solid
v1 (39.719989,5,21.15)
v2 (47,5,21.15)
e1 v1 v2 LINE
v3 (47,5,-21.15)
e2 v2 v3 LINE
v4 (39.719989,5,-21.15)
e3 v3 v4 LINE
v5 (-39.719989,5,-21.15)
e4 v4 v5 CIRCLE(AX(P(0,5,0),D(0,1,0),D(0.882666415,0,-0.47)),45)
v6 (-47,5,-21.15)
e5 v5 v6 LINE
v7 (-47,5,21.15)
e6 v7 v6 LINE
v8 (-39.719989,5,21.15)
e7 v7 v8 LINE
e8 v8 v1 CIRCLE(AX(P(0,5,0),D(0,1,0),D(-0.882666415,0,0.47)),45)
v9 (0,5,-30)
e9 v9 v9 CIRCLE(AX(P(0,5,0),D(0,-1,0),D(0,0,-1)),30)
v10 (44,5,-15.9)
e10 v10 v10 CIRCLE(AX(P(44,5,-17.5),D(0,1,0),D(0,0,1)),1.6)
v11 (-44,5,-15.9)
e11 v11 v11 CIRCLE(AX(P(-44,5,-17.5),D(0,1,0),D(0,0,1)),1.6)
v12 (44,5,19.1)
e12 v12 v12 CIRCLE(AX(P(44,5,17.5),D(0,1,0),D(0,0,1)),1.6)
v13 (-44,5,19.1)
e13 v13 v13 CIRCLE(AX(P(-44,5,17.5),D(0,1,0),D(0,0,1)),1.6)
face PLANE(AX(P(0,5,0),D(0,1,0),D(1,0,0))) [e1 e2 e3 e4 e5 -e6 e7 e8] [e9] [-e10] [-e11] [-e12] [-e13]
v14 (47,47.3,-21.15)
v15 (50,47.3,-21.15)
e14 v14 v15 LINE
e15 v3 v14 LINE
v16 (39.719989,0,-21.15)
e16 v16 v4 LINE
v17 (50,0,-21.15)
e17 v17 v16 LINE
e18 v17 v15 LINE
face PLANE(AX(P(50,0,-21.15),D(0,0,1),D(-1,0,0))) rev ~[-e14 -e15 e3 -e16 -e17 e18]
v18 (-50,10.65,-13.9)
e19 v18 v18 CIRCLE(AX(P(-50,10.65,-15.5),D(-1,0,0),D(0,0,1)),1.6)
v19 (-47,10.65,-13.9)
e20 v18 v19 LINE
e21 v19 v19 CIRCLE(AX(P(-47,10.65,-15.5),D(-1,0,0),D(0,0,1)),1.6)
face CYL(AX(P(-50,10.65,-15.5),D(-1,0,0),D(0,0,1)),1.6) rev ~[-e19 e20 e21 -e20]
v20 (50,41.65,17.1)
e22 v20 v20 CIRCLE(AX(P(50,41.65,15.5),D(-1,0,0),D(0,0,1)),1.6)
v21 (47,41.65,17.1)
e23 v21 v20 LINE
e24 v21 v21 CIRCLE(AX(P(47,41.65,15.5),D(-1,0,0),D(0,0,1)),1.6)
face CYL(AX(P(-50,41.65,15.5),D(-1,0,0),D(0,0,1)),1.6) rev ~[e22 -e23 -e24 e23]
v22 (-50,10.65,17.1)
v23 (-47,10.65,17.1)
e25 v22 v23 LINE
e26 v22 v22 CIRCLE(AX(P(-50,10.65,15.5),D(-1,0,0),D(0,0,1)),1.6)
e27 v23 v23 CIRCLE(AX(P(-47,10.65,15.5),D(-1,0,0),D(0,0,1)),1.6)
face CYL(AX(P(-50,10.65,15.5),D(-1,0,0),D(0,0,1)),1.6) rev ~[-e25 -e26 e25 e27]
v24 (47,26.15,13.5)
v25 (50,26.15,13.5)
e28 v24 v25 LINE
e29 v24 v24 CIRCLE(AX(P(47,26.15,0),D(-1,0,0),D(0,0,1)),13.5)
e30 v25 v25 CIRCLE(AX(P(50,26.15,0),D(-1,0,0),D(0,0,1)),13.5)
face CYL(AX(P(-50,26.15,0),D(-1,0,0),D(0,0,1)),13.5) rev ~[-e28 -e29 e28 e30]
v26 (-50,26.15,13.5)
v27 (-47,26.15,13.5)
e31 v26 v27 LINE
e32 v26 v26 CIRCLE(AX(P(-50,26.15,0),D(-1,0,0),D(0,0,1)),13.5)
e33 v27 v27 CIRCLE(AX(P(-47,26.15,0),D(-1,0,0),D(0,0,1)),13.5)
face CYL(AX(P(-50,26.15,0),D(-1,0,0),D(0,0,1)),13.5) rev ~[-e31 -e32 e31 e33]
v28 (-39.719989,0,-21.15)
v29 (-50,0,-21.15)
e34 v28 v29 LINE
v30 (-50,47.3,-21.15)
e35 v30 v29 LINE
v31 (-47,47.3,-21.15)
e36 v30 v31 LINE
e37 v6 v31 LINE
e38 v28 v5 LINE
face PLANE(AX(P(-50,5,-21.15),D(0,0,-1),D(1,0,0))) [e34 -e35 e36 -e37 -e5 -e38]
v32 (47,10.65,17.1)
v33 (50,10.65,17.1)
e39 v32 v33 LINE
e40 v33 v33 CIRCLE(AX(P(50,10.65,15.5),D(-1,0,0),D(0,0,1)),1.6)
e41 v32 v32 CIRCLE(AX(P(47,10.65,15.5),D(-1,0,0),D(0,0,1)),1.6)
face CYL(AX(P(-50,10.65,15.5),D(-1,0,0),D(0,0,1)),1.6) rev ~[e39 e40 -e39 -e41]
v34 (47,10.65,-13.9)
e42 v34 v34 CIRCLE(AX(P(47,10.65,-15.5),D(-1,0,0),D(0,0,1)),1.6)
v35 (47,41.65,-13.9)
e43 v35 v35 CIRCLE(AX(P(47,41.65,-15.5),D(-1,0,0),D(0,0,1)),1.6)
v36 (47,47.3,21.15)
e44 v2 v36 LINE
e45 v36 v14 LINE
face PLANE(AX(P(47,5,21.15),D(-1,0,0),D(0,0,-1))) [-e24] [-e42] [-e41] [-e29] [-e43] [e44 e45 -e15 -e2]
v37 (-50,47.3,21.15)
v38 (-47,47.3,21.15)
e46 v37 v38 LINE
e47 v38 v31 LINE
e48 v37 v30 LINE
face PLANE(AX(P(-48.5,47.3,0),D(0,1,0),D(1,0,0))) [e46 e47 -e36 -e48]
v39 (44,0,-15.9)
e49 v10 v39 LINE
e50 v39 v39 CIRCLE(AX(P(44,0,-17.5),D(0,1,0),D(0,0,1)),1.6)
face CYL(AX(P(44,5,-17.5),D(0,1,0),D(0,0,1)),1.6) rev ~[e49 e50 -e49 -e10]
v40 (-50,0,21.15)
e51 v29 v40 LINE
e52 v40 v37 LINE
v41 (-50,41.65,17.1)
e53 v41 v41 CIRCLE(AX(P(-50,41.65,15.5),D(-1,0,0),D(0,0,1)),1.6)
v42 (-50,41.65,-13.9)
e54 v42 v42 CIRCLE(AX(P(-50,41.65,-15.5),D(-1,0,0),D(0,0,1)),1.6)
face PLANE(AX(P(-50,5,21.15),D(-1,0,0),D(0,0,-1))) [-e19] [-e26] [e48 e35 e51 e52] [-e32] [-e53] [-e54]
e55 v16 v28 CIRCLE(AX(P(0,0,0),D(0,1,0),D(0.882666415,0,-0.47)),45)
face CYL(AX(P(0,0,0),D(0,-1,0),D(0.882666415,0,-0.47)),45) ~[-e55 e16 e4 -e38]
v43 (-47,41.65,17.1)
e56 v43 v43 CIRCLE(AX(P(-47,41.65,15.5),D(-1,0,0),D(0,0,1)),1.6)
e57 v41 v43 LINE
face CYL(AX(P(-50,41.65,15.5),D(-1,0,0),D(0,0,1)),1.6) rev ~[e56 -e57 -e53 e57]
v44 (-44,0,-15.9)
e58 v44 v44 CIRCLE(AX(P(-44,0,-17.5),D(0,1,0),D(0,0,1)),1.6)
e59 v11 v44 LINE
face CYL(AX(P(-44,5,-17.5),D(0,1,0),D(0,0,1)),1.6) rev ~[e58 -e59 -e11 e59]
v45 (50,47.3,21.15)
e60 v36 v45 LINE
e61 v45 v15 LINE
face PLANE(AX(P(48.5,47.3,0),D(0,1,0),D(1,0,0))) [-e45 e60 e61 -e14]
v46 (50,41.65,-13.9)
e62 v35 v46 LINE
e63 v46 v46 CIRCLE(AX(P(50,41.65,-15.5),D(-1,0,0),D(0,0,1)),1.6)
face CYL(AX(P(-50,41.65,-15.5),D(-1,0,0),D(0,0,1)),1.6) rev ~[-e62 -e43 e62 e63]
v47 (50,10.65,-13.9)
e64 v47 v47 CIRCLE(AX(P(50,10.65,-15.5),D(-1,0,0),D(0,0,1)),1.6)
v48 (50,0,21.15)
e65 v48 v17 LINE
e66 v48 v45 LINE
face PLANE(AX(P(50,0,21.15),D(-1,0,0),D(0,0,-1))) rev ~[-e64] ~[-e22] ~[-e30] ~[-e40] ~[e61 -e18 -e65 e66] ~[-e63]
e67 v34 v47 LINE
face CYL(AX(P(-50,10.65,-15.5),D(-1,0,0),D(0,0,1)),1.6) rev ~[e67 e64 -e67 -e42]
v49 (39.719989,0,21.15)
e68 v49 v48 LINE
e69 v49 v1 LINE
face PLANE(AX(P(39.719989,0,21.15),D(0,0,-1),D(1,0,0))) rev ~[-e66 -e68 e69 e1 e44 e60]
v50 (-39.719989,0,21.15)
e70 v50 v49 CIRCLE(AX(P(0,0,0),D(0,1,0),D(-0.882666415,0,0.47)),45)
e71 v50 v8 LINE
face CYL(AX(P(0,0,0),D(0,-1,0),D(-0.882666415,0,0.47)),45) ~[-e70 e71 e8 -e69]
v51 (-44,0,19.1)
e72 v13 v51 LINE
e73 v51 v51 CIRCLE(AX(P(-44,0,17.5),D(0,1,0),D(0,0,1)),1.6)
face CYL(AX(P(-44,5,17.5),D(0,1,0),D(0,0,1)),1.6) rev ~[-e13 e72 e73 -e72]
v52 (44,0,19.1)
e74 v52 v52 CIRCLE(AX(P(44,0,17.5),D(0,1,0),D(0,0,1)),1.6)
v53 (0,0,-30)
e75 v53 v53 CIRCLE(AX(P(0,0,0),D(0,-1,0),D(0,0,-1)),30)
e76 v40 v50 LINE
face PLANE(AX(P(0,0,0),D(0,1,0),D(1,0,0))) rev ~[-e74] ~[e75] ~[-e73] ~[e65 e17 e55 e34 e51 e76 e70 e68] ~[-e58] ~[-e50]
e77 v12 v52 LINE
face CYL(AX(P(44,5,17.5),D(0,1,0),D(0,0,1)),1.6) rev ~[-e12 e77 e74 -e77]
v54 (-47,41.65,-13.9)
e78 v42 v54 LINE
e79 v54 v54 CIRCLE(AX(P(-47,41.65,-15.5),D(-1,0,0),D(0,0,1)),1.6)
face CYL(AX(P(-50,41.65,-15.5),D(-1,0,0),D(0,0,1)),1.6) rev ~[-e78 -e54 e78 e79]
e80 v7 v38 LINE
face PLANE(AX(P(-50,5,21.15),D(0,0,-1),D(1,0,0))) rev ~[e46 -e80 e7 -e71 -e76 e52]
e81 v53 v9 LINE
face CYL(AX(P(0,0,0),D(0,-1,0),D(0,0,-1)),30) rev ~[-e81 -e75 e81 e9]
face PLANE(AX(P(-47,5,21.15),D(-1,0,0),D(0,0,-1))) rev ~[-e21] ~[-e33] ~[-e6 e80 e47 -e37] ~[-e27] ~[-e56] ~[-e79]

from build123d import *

# Parameters (mm, degrees)
BODY_DEPTH                = 5
SKETCH4_W                 = 3
SKETCH4_H                 = 42.3
EXTRUDE_WING_DEPTH        = 42.3
SKETCH5_R                 = 1.6
SKETCH5_R_2               = 13.5
CUT_MOTOR_HOLES_DEPTH     = 120.424829914
CUT_EXCESS_MATERIAL_REACH = 84.233
SKETCH8_R                 = 30
CUT_DECK_HOLES_REACH      = 81.463
SKETCH9_R                 = 1.6


with BuildPart() as part:
    # Sketch1 → body (new body)
    with BuildSketch(Plane(origin=(0, 0, 0), x_dir=(1, 0, 0), z_dir=(0, 1, 0))):
        with BuildLine():
            Line((-39.719988671, 21.15), (-50, 21.15))
            Line((-50, 21.15), (-50, -21.15))
            Line((-50, -21.15), (-39.719988671, -21.15))
            ThreePointArc((-39.719988671, -21.15), (0, -45), (39.719988671, -21.15))
            Line((39.719988671, -21.15), (50, -21.15))
            Line((50, -21.15), (50, 21.15))
            Line((50, 21.15), (39.719988671, 21.15))
            ThreePointArc((39.719988671, 21.15), (0, 45), (-39.719988671, 21.15))
        make_face()
    extrude(amount=BODY_DEPTH)

    # Sketch4 → extrude-wing (add)
    with BuildSketch(Plane(origin=(0, 5, 0), x_dir=(1, 0, 0), z_dir=(0, 1, 0))):
        with Locations((-48.5, 0)):
            Rectangle(SKETCH4_W, SKETCH4_H)
        with Locations((48.5, 0)):
            Rectangle(SKETCH4_W, SKETCH4_H)
    extrude(amount=EXTRUDE_WING_DEPTH)

    # Sketch5 → cut-motor-holes (cut, through all)
    with BuildSketch(Plane.ZY.offset(50)):
        with Locations((-15.5, 41.65)):
            Circle(SKETCH5_R)
        with Locations((15.5, 41.65)):
            Circle(SKETCH5_R)
        with Locations((15.5, 10.65)):
            Circle(SKETCH5_R)
        with Locations((-15.5, 10.65)):
            Circle(SKETCH5_R)
        with Locations((0, 26.15)):
            Circle(SKETCH5_R_2)
    extrude(amount=-CUT_MOTOR_HOLES_DEPTH, mode=Mode.SUBTRACT)

    # Sketch8 → cut-excess-material (cut, up to next)
    with BuildSketch(Plane.XZ, mode=Mode.PRIVATE) as cut_excess_material_sk1:
        with Locations(Location((0, 0, 0), (0, 0, 270))):
            Circle(SKETCH8_R)
    cut_excess_material_tool1 = extrude(cut_excess_material_sk1.sketch, amount=-CUT_EXCESS_MATERIAL_REACH, mode=Mode.PRIVATE) & part.part
    add(cut_excess_material_tool1.solids().sort_by_distance((0, 0, 0))[0], mode=Mode.SUBTRACT)

    # Sketch9 → cut-deck-holes (cut, up to next)
    with BuildSketch(Plane(origin=(0, 5, 0), x_dir=(1, 0, 0), z_dir=(0, 1, 0)), mode=Mode.PRIVATE) as cut_deck_holes_sk1:
        with Locations(Location((44, -17.5, 0), (0, 0, 270))):
            Circle(SKETCH9_R)
    cut_deck_holes_tool1 = extrude(cut_deck_holes_sk1.sketch, amount=-CUT_DECK_HOLES_REACH, mode=Mode.PRIVATE) & part.part
    # Sketch9 → cut-deck-holes (cut, up to next)
    with BuildSketch(Plane(origin=(0, 5, 0), x_dir=(1, 0, 0), z_dir=(0, 1, 0)), mode=Mode.PRIVATE) as cut_deck_holes_sk2:
        with Locations(Location((44, 17.5, 0), (0, 0, 270))):
            Circle(SKETCH9_R)
    cut_deck_holes_tool2 = extrude(cut_deck_holes_sk2.sketch, amount=-CUT_DECK_HOLES_REACH, mode=Mode.PRIVATE) & part.part
    # Sketch9 → cut-deck-holes (cut, up to next)
    with BuildSketch(Plane(origin=(0, 5, 0), x_dir=(1, 0, 0), z_dir=(0, 1, 0)), mode=Mode.PRIVATE) as cut_deck_holes_sk3:
        with Locations(Location((-44, 17.5, 0), (0, 0, 270))):
            Circle(SKETCH9_R)
    cut_deck_holes_tool3 = extrude(cut_deck_holes_sk3.sketch, amount=-CUT_DECK_HOLES_REACH, mode=Mode.PRIVATE) & part.part
    # Sketch9 → cut-deck-holes (cut, up to next)
    with BuildSketch(Plane(origin=(0, 5, 0), x_dir=(1, 0, 0), z_dir=(0, 1, 0)), mode=Mode.PRIVATE) as cut_deck_holes_sk4:
        with Locations(Location((-44, -17.5, 0), (0, 0, 270))):
            Circle(SKETCH9_R)
    cut_deck_holes_tool4 = extrude(cut_deck_holes_sk4.sketch, amount=-CUT_DECK_HOLES_REACH, mode=Mode.PRIVATE) & part.part
    add(cut_deck_holes_tool1.solids().sort_by_distance((44, 5, 17.5))[0], mode=Mode.SUBTRACT)
    add(cut_deck_holes_tool2.solids().sort_by_distance((44, 5, -17.5))[0], mode=Mode.SUBTRACT)
    add(cut_deck_holes_tool3.solids().sort_by_distance((-44, 5, -17.5))[0], mode=Mode.SUBTRACT)
    add(cut_deck_holes_tool4.solids().sort_by_distance((-44, 5, 17.5))[0], mode=Mode.SUBTRACT)


solid = part.part
